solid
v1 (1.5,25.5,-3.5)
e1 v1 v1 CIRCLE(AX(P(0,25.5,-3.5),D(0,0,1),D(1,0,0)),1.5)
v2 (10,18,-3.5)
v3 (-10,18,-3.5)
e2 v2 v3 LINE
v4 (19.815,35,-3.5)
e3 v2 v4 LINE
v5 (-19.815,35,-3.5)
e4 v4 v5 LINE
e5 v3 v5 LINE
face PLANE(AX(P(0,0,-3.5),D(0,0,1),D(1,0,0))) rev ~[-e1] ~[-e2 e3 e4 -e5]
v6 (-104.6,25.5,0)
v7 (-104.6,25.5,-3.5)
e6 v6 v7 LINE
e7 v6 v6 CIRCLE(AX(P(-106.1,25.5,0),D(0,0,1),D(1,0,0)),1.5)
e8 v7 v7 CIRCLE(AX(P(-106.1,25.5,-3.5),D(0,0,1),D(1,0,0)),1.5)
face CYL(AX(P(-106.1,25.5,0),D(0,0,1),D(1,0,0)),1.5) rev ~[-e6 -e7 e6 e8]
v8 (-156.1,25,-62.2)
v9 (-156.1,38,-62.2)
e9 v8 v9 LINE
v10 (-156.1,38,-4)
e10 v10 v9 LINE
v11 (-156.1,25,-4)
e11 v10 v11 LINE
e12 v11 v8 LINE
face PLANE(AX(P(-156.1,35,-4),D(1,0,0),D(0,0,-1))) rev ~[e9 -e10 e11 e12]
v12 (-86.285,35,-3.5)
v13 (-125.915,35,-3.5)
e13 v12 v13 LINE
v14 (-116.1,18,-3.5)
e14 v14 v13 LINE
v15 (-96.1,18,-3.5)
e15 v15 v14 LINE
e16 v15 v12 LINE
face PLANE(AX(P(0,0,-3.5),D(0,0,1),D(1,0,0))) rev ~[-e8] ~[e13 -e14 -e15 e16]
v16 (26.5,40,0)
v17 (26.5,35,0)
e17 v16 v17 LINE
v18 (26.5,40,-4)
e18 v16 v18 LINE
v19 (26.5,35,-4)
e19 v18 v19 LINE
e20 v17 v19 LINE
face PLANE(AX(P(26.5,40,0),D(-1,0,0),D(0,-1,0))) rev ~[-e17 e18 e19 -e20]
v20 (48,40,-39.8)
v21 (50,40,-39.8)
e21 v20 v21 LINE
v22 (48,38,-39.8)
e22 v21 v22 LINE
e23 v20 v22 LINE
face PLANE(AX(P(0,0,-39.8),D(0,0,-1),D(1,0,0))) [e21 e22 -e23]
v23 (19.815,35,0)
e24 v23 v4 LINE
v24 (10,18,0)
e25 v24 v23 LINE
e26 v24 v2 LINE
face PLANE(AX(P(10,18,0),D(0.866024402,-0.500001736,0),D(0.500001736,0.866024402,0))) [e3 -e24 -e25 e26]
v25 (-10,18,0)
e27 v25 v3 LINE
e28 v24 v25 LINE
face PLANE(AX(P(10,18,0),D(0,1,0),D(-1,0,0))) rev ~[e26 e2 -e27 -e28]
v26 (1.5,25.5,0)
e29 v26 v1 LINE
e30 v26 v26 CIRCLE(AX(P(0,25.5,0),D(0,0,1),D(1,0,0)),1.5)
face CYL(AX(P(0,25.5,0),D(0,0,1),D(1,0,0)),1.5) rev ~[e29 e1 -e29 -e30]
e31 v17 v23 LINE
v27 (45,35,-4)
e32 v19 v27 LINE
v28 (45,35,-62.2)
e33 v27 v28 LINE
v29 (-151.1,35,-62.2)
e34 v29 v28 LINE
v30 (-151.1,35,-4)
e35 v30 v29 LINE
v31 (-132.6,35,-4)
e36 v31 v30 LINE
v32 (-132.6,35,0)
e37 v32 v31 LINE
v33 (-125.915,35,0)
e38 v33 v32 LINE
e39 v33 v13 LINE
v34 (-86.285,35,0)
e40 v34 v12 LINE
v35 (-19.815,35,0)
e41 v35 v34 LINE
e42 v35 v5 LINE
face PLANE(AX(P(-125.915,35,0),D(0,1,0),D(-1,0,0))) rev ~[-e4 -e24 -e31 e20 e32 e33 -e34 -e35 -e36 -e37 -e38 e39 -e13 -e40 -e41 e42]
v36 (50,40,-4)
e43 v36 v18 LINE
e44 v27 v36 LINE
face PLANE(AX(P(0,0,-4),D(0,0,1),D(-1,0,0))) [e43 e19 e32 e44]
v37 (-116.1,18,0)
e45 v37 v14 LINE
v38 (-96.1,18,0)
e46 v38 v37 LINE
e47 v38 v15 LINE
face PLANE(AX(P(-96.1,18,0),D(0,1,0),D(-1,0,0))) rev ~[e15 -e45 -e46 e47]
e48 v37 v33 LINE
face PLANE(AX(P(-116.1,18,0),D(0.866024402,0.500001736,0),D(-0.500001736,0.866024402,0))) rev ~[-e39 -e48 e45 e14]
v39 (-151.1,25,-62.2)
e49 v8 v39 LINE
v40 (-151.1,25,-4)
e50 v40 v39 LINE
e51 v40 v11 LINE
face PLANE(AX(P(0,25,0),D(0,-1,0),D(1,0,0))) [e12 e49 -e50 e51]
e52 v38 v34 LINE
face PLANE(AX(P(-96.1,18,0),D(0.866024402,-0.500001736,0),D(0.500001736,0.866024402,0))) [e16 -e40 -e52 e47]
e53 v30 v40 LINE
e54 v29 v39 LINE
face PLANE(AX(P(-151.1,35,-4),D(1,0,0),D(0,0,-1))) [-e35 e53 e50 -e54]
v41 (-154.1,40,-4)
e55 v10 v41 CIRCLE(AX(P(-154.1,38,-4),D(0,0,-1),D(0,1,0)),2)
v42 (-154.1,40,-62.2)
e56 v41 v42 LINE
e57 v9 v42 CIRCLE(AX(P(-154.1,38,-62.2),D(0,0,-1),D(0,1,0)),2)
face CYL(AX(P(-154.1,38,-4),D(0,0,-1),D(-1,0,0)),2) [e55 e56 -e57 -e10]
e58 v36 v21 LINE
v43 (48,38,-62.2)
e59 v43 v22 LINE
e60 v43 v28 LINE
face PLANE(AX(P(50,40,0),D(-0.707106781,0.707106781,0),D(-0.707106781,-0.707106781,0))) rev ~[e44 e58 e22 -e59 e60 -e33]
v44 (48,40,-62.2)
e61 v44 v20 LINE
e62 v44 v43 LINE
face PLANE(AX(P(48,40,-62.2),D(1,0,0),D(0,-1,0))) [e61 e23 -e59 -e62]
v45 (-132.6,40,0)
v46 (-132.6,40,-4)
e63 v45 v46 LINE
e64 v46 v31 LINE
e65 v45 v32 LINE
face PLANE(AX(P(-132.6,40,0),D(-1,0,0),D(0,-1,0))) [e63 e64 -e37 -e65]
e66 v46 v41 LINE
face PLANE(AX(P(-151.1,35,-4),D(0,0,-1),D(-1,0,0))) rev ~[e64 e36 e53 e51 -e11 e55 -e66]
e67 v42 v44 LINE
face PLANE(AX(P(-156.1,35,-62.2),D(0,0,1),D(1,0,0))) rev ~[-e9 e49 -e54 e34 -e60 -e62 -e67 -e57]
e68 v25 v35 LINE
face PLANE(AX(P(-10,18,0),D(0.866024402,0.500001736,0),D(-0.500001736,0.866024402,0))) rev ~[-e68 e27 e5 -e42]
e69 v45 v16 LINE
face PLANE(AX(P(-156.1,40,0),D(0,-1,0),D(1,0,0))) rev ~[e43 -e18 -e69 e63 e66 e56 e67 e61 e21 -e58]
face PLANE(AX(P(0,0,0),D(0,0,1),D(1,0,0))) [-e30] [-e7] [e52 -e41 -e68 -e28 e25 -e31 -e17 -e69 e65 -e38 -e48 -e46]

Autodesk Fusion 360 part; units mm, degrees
sketch "Sketch1" plane through (0, 0, 0) normal (0, 0, 1) x (1, 0, 0)
  line L0 (-156.1, 40) -> (50, 40)
  line L1 (50, 40) -> (50, 35)
  line L2 (50, 35) -> (-156.1, 35)
  line L3 (-156.1, 35) -> (-156.1, 40)
  circle A0 centre (-106.1, 25.5) radius 1.5
  circle A1 centre (0, 25.5) radius 1.5
  line L4 (-116.1, 35) -> (-96.1, 35)
  line L5 (-96.1, 35) -> (-96.1, 18)
  line L6 (-96.1, 18) -> (-116.1, 18)
  line L7 (-116.1, 18) -> (-116.1, 35)
  line L8 (-10, 35) -> (10, 35)
  line L9 (10, 35) -> (10, 18)
  line L10 (10, 18) -> (-10, 18)
  line L11 (-10, 18) -> (-10, 35)
  line L12 (-96.1, 18) -> (-86.285, 35)
  line L13 (-116.1, 18) -> (-125.915, 35)
  line L14 (-10, 18) -> (-19.815, 35)
  line L15 (10, 18) -> (19.815, 35)
  line L16 (50, 40) -> (45, 35)
  dimension "d1" = 206.1
  dimension "d2" = 5
  dimension "d3" = 3
  dimension "d4" = 3
  dimension "d5" = 50
  dimension "d6" = 14.5
  dimension "d7" = 50
  dimension "d8" = 14.5
  dimension "d9" = 10
  dimension "d10" = 10
  dimension "d11" = 7.5
  dimension "d12" = 10
  dimension "d13" = 10
  dimension "d14" = 7.5
  dimension "d15" = 30
  dimension "d16" = 30
  dimension "d17" = 30
  dimension "d18" = 30
  dimension "d19" = 45
extrude "Extrude1" add sketch "Sketch1" against normal blind 3.5 contours L2 L7 L13 | L2 L9 L15 | L2 L4 L5 L6 L7 | L2 L8 L9 L10 L11 | L2 L5 L12 | L2 L11 L14 makes body 1 at (-95.6839, 26.314, 0) makes body 2 at (10.4161, 26.314, 0)
extrude "Extrude2" add sketch "Sketch1" against normal blind 62.2 contours L0 L2 L3 L4 L8 L16 bodies 1 2
sketch "Sketch3" plane through (0, 0, 0) normal (0, 0, 1) x (-1, 0, 0)
  circle A0 centre (0, -25.5) radius 1.5
  circle A1 centre (106.1, -25.5) radius 1.5
  line L0 (96.1, -18) -> (86.285, -35)
  line L1 (86.285, -35) -> (19.815, -35)
  line L2 (19.815, -35) -> (10, -18)
  line L3 (10, -18) -> (-10, -18)
  line L4 (-10, -18) -> (-19.815, -35)
  line L5 (-19.815, -35) -> (-45, -35)
  line L6 (-45, -35) -> (-50, -40)
  line L7 (-50, -40) -> (156.1, -40)
  line L8 (125.915, -35) -> (116.1, -18)
  line L9 (116.1, -18) -> (96.1, -18)
  line L10 (-50, -40) -> (-26.5, -40)
  line L11 (-26.5, -40) -> (-26.5, -35)
  line L12 (-26.5, -35) -> (-50, -35)
  line L13 (-50, -35) -> (-50, -40)
  line L14 (156.1, -40) -> (132.6, -40)
  line L15 (132.6, -40) -> (132.6, -35)
  line L16 (132.6, -35) -> (156.1, -35)
  line L17 (156.1, -35) -> (156.1, -40)
  line L18 (156.1, -40) -> (156.1, -35)
  line L19 (156.1, -35) -> (125.915, -35)
  dimension "d28" = 5
  dimension "d29" = 23.5
  dimension "d30" = 5
  dimension "d31" = 23.5
extrude "Extrude3" cut sketch "Sketch3" against normal blind 4 contours L7 L14 L15 L16 L17 L18 L19 | L5 L6 L7 L10 L11 L12 bodies 1
sketch "Sketch4" plane through (0, 0, -62.2) normal (0, 0, -1) x (1, 0, 0)
  line L0 (45, -35) -> (-156.1, -35)
  line L1 (-156.1, -35) -> (-156.1, -40)
  line L2 (-156.1, -40) -> (50, -40)
  line L3 (50, -40) -> (45, -35)
  line L4 (50, -40) -> (48, -40)
  line L5 (48, -40) -> (48, -35)
  line L6 (48, -35) -> (50, -35)
  line L7 (50, -35) -> (50, -40)
  dimension "d34" = 5
  dimension "d35" = 2
extrude "Extrude5" cut sketch "Sketch4" against normal blind 22.4 contours L2 L3 L4 L5 bodies 1
sketch "Sketch5" plane through (0, 35, 0) normal (0, -1, 0) x (1, 0, 0)
  line L0 (-132.6, -4) -> (-156.1, -4)
  line L1 (-156.1, -4) -> (-156.1, -62.2)
  line L2 (-156.1, -62.2) -> (45, -62.2)
  line L3 (45, -62.2) -> (45, -4)
  line L4 (45, -4) -> (26.5, -4)
  line L5 (26.5, -4) -> (26.5, 0)
  line L6 (26.5, 0) -> (19.815, 0)
  line L7 (19.815, 0) -> (19.815, -3.5)
  line L8 (19.815, -3.5) -> (-19.815, -3.5)
  line L9 (-19.815, -3.5) -> (-19.815, 0)
  line L10 (-19.815, 0) -> (-86.285, 0)
  line L11 (-86.285, 0) -> (-86.285, -3.5)
  line L12 (-86.285, -3.5) -> (-125.915, -3.5)
  line L13 (-125.915, -3.5) -> (-125.915, 0)
  line L14 (-125.915, 0) -> (-132.6, 0)
  line L15 (-132.6, 0) -> (-132.6, -4)
  line L16 (-156.1, -4) -> (-151.1, -4)
  line L17 (-151.1, -4) -> (-151.1, -62.2)
  line L18 (-151.1, -62.2) -> (-156.1, -62.2)
  line L19 (-156.1, -62.2) -> (-156.1, -4)
  dimension "d40" = 5
extrude "Extrude6" add sketch "Sketch5" along normal blind 10 contours L0 L1 L2 L16 L17 L18 L19 bodies 1
fillet "Fillet1" radius 2 1 edges at (-156.1, 40, -33.1) on bodies 1
